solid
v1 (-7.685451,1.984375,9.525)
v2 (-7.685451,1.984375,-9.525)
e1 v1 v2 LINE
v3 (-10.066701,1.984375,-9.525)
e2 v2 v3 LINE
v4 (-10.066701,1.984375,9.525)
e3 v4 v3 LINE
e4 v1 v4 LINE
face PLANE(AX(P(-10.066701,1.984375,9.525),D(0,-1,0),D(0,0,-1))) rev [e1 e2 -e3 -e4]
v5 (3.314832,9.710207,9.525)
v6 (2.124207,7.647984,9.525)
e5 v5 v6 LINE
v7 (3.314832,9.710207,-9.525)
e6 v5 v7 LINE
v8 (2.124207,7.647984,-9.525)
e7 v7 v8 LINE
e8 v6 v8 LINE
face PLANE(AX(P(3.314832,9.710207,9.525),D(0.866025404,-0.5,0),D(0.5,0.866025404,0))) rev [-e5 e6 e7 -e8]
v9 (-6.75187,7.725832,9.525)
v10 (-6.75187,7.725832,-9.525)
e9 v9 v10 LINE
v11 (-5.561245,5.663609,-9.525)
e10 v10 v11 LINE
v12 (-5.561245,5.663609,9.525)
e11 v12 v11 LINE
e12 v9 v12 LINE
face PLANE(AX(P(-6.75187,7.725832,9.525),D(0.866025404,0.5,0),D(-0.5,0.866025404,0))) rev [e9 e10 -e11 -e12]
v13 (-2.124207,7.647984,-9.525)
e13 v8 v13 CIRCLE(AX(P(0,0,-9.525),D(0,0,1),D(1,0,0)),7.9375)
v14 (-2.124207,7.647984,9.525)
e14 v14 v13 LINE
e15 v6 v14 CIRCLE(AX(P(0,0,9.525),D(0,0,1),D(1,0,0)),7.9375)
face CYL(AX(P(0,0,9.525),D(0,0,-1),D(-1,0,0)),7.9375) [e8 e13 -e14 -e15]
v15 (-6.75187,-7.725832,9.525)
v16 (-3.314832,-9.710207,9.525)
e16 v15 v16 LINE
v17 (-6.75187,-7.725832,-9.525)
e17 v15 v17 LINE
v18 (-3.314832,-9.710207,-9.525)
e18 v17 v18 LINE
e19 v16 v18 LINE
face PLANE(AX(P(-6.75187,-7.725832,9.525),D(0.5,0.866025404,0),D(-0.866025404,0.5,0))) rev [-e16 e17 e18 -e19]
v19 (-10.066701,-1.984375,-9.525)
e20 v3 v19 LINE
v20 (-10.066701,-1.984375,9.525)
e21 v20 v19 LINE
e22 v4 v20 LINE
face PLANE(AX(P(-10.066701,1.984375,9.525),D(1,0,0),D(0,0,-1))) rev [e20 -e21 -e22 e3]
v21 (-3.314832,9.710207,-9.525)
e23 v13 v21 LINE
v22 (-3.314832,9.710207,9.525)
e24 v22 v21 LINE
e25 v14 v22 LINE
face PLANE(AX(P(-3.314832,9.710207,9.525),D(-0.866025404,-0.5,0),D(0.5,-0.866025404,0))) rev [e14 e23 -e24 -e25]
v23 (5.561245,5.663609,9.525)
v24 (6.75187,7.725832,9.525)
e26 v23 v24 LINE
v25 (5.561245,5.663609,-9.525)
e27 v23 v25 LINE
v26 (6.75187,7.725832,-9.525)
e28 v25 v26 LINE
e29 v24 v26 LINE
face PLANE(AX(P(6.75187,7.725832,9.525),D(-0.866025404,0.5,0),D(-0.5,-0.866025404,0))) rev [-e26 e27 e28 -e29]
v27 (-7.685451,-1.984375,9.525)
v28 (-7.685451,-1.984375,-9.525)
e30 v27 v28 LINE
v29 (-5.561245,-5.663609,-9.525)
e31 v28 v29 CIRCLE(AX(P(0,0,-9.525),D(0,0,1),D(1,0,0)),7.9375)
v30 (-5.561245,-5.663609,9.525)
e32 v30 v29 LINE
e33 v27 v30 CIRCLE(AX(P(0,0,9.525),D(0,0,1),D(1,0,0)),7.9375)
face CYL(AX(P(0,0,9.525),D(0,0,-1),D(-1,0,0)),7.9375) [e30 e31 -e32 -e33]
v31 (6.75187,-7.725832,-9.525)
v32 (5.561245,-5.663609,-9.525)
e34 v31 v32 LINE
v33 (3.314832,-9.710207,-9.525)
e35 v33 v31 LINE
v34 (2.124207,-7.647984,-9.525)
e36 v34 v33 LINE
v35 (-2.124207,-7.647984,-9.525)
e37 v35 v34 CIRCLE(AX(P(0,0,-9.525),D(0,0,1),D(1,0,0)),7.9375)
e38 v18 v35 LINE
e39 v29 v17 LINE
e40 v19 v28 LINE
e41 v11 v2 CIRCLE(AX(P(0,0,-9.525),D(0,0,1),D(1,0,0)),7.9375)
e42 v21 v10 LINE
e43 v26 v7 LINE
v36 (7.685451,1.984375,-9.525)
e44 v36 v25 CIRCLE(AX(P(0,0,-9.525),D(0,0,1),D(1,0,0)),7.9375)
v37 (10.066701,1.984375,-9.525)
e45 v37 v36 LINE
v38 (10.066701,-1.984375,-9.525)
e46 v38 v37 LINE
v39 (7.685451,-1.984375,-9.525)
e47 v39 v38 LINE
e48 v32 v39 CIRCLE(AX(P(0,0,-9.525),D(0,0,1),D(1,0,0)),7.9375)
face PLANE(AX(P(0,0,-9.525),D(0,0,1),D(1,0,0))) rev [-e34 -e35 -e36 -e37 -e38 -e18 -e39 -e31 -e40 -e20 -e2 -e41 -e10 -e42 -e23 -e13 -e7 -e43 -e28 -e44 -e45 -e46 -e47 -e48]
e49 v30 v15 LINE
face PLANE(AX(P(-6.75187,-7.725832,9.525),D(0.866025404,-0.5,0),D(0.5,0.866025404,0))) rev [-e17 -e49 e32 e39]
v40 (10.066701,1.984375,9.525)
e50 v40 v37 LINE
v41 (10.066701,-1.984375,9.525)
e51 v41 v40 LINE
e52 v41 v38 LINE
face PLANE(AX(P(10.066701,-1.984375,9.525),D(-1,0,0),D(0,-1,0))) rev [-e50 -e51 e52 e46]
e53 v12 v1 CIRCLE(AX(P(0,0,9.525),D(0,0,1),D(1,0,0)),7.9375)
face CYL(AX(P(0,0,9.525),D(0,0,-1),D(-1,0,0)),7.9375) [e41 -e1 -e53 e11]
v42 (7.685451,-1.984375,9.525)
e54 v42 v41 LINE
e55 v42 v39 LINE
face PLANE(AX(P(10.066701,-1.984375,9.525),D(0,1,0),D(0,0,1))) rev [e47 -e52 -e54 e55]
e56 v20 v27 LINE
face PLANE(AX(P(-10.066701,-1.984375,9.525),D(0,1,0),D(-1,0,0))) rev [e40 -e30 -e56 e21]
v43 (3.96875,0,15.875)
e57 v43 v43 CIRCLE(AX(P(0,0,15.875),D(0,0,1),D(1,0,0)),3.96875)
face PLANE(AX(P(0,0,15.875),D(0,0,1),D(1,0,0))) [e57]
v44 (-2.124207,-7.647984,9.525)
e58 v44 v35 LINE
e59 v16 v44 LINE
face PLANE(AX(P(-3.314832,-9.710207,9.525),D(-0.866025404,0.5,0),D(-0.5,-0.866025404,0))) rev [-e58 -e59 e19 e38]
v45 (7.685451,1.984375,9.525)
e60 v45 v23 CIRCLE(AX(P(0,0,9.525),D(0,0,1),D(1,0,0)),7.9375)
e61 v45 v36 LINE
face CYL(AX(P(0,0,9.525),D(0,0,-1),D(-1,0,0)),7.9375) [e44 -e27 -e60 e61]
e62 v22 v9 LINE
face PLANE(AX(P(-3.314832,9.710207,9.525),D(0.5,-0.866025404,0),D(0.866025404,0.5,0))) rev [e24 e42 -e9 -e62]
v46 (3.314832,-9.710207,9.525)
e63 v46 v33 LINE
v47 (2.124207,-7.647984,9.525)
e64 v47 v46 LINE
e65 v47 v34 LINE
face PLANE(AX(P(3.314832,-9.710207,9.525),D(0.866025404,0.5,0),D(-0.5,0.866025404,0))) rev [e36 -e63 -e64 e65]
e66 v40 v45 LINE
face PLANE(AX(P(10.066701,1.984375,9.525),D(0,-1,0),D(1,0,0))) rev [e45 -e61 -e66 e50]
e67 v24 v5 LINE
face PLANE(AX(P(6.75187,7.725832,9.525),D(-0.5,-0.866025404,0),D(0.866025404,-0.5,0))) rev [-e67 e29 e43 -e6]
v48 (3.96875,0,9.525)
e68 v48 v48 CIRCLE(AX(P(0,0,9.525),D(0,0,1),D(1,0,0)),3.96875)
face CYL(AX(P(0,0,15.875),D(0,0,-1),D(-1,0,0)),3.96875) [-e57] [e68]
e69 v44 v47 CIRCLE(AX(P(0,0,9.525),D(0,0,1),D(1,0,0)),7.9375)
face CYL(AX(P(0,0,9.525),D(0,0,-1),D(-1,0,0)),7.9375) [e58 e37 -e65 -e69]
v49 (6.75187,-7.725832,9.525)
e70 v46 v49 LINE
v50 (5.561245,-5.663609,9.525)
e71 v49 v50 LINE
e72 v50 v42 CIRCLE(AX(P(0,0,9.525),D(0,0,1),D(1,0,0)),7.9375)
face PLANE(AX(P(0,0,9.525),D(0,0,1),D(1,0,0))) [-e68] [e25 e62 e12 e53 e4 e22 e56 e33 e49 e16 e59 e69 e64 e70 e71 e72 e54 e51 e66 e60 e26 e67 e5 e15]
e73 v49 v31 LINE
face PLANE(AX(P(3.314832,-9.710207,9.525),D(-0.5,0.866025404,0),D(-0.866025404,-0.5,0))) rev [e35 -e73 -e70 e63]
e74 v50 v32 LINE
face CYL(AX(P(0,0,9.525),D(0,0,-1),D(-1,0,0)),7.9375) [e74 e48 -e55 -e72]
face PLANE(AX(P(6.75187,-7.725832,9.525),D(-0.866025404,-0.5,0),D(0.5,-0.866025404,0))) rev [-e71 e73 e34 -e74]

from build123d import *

# Parameters (mm, degrees)
BOSS_EXTRUDE1_DEPTH = 9.525
SKETCH2_R           = 3.96875
BOSS_EXTRUDE2_DEPTH = 6.35


with BuildPart() as part:
    # Sketch1 → Boss-Extrude1 (new, symmetric)
    with BuildSketch(Plane.XY):
        with BuildLine():
            Line((-10.066701328, 1.984375), (-10.066701328, -1.984375))
            Line((-10.066701328, -1.984375), (-7.685451328, -1.984375))
            ThreePointArc((-7.685451328, -1.984375), (-6.874076643, -3.96875), (-5.561244824, -5.663608589))
            Line((-5.561244824, -5.663608589), (-6.751869824, -7.725831582))
            Line((-6.751869824, -7.725831582), (-3.314831503, -9.710206582))
            Line((-3.314831503, -9.710206582), (-2.124206503, -7.647983589))
            ThreePointArc((-2.124206503, -7.647983589), (0, -7.9375), (2.124206503, -7.647983589))
            Line((2.124206503, -7.647983589), (3.314831503, -9.710206582))
            Line((3.314831503, -9.710206582), (6.751869824, -7.725831582))
            Line((6.751869824, -7.725831582), (5.561244824, -5.663608589))
            ThreePointArc((5.561244824, -5.663608589), (6.874076643, -3.96875), (7.685451328, -1.984375))
            Line((7.685451328, -1.984375), (10.066701328, -1.984375))
            Line((10.066701328, -1.984375), (10.066701328, 1.984375))
            Line((10.066701328, 1.984375), (7.685451328, 1.984375))
            ThreePointArc((7.685451328, 1.984375), (6.874076643, 3.96875), (5.561244824, 5.663608589))
            Line((5.561244824, 5.663608589), (6.751869824, 7.725831582))
            Line((6.751869824, 7.725831582), (3.314831503, 9.710206582))
            Line((3.314831503, 9.710206582), (2.124206503, 7.647983589))
            ThreePointArc((2.124206503, 7.647983589), (0, 7.9375), (-2.124206503, 7.647983589))
            Line((-2.124206503, 7.647983589), (-3.314831503, 9.710206582))
            Line((-3.314831503, 9.710206582), (-6.751869824, 7.725831582))
            Line((-6.751869824, 7.725831582), (-5.561244824, 5.663608589))
            ThreePointArc((-5.561244824, 5.663608589), (-6.874076643, 3.96875), (-7.685451328, 1.984375))
            Line((-7.685451328, 1.984375), (-10.066701328, 1.984375))
        make_face()
    extrude(amount=BOSS_EXTRUDE1_DEPTH, both=True)

    # Sketch2 → Boss-Extrude2 (add)
    with BuildSketch(Plane.XY.offset(9.525)):
        Circle(SKETCH2_R)
    extrude(amount=BOSS_EXTRUDE2_DEPTH)


solid = part.part
